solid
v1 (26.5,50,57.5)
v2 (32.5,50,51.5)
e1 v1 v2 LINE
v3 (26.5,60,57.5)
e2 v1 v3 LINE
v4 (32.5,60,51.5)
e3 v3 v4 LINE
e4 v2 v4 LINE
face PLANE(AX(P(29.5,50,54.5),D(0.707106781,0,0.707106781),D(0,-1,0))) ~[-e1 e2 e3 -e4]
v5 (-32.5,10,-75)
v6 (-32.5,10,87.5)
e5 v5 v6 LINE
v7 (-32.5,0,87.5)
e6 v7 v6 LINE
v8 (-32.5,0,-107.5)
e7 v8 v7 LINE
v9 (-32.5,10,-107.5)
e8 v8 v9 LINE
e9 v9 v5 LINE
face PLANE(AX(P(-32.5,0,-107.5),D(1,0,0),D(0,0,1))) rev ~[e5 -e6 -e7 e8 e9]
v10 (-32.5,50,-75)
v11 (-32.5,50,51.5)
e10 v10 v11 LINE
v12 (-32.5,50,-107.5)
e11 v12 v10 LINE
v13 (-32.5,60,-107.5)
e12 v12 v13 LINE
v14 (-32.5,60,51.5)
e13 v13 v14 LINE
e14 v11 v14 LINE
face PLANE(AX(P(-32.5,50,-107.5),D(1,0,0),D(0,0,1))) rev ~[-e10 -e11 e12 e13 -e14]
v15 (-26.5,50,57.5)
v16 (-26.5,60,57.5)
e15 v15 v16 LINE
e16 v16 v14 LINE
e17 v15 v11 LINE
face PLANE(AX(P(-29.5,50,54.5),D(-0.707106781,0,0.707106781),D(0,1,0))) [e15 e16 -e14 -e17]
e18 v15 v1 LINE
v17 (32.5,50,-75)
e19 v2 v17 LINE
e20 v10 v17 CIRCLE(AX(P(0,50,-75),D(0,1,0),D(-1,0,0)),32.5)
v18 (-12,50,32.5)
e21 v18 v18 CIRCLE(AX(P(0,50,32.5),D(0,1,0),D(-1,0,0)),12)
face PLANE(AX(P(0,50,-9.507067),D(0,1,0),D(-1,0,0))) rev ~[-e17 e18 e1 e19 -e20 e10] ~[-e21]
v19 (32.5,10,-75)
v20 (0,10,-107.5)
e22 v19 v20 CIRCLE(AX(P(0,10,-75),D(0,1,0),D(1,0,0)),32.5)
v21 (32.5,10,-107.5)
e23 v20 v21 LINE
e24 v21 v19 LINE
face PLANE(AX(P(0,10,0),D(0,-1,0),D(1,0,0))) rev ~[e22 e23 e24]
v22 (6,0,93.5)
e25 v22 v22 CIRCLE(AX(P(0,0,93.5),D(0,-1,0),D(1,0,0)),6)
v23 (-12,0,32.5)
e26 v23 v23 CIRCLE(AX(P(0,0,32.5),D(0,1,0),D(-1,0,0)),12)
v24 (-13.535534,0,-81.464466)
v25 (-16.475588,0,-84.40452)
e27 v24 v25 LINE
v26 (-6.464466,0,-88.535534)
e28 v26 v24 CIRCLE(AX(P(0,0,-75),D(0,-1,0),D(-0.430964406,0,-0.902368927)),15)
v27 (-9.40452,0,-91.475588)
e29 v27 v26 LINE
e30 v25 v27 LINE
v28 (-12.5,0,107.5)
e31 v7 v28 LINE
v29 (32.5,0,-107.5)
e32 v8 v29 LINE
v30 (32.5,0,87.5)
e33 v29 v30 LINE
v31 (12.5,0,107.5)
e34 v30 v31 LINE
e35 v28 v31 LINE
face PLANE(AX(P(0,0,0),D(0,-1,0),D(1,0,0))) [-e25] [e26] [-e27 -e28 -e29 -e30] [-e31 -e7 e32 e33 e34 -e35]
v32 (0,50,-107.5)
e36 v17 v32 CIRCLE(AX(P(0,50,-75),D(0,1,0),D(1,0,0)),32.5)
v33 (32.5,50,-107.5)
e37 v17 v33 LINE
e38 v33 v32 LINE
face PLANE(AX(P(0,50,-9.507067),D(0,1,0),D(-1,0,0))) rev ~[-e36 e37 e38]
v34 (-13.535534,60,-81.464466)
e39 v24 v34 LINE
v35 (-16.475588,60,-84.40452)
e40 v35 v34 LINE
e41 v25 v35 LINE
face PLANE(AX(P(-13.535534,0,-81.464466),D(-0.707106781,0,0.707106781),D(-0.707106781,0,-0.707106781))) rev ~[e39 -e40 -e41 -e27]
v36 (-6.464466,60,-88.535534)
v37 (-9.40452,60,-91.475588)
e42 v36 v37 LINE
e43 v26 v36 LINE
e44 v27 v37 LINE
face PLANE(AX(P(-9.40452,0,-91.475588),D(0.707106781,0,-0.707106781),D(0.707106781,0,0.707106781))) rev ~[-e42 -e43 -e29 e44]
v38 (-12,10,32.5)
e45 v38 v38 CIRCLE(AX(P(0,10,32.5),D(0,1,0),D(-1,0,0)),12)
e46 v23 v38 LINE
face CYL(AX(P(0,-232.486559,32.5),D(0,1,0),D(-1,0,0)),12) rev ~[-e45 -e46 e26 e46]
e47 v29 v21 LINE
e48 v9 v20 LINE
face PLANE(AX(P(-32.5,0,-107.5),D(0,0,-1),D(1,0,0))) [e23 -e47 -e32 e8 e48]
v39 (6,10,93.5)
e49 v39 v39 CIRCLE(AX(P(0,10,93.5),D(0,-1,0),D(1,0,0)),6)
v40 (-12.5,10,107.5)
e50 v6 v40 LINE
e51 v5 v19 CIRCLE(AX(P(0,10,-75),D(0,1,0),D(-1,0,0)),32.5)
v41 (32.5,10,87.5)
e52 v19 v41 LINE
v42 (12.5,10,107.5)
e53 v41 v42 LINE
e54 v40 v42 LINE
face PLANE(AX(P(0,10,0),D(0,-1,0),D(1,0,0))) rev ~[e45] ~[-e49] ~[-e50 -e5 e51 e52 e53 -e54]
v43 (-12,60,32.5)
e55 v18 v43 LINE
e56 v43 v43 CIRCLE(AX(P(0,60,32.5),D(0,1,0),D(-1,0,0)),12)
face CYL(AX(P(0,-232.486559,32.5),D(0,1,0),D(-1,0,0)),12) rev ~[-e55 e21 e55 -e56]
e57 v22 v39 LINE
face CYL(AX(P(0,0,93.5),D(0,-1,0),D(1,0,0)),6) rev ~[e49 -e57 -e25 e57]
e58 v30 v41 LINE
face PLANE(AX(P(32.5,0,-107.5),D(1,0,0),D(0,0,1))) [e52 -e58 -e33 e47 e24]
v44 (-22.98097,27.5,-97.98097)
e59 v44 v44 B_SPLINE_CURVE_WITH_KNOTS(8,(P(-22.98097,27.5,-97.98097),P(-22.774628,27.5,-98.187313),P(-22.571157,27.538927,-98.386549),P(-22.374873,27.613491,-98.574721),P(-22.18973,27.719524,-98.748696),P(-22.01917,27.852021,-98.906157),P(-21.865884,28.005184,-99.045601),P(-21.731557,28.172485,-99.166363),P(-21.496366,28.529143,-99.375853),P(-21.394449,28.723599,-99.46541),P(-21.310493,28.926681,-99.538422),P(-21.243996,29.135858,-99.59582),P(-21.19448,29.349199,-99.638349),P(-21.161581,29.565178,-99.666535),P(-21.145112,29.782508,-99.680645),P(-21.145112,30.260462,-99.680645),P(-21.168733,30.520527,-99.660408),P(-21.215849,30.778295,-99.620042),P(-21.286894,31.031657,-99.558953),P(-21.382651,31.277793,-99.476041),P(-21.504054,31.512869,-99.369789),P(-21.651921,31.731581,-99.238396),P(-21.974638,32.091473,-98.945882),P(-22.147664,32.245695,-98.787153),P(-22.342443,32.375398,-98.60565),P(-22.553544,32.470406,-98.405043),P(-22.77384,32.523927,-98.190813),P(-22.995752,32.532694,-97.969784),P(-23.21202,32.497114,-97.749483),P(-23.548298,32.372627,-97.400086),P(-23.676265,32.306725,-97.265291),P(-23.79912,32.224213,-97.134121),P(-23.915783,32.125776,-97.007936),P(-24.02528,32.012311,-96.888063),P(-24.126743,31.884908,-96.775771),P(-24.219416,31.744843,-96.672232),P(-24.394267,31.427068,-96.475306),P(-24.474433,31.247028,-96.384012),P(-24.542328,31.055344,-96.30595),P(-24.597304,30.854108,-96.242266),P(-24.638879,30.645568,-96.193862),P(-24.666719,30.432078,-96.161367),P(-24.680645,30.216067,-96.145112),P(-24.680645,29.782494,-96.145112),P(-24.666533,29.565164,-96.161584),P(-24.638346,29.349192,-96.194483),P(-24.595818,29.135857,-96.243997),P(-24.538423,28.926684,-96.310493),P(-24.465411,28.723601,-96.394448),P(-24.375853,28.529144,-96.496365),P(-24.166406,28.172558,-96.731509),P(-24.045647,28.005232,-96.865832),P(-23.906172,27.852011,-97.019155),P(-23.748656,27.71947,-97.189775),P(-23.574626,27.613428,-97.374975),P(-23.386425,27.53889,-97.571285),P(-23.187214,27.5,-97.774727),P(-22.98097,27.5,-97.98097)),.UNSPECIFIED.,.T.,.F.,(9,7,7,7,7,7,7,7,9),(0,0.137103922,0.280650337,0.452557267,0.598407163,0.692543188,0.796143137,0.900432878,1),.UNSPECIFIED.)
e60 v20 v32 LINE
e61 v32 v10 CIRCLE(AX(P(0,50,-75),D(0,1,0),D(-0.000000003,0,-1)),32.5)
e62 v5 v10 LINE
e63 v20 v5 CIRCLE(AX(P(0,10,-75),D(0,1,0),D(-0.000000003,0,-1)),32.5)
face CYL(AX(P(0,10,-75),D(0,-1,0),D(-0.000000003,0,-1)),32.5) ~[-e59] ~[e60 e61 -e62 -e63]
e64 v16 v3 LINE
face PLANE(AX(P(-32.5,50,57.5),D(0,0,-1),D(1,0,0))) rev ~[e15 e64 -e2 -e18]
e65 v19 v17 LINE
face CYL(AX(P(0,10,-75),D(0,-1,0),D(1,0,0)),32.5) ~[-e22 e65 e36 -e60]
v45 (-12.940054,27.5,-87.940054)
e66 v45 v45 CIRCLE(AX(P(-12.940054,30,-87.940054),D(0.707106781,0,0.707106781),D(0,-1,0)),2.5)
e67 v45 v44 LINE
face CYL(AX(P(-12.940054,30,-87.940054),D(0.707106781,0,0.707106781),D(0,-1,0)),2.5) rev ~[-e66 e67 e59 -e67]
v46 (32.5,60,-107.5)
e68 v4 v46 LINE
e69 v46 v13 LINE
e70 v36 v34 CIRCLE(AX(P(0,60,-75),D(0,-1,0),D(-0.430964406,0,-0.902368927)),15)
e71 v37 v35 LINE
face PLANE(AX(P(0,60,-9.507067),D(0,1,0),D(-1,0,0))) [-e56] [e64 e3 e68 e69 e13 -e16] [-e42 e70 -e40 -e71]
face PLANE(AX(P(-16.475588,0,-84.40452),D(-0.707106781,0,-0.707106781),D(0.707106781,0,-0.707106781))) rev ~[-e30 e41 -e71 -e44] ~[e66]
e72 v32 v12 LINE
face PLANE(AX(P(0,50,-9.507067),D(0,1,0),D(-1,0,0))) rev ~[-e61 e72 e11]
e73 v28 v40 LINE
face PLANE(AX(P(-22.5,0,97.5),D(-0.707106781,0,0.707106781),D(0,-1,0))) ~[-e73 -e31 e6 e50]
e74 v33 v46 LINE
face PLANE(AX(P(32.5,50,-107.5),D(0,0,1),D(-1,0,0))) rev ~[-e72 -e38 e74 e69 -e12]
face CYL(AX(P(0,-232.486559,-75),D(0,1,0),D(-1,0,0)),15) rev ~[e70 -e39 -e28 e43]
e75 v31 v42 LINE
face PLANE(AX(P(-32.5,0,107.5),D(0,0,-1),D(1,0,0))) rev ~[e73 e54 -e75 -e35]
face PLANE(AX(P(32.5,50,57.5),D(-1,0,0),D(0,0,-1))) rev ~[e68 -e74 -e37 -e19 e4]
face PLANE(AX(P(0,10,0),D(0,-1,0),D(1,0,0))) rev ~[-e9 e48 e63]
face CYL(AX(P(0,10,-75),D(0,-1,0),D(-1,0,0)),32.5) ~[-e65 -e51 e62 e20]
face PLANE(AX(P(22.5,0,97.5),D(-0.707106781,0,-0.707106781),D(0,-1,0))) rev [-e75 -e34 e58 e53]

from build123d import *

# Parameters (mm, degrees)
F0_W      = 65
F0_H      = 215
F1_DEPTH  = 10
F2_SIZE   = 20
F4_DEPTH  = 40
F6_DEPTH  = 10
F7_SIZE   = 6
F9_D      = 30
F10_D     = 24
F12_DEPTH = 60.001
F13_R     = 6
F14_DEPTH = 10
F17_D     = 5
F17_DEPTH = 27.6629407771


with BuildPart() as f1:
    # F0 (on Front) → F1 (new body)
    with BuildSketch(Plane.XZ):
        Rectangle(F0_W, F0_H)
    extrude(amount=-F1_DEPTH)

    # F2
    f2_edges = [f1.edges().sort_by_distance(p)[0] for p in [
        (-32.5, 5, 107.5),
        (32.5, 5, 107.5),
    ]]
    chamfer(f2_edges, length=F2_SIZE)

    # F3 (on face) → F4 (join)
    with BuildSketch(Plane(origin=(0, 10, 0), x_dir=(-1, 0, 0), z_dir=(0, 1, 0))):
        with BuildLine():
            ThreePointArc((8.49e-08, -107.5), (22.9809704186, -97.9809703586), (32.5, -75))
            ThreePointArc((32.5, -75), (0, -42.5), (-32.5, -75))
            ThreePointArc((-32.5, -75), (-22.9809703586, -97.9809704186), (8.49e-08, -107.5))
        make_face()
    extrude(amount=F4_DEPTH)

    # F5 (on face) → F6 (join)
    with BuildSketch(Plane(origin=(0, 50, 0), x_dir=(-1, 0, 0), z_dir=(0, 1, 0))):
        with BuildLine():
            ThreePointArc((-32.5, -75), (0, -42.5), (32.5, -75))
            Line((32.5, -75), (32.5, 57.5))
            Line((32.5, 57.5), (-32.5, 57.5))
            Line((-32.5, 57.5), (-32.5, -75))
        make_face()
        with BuildLine():
            ThreePointArc((-32.5, -75), (-22.9809704241, -97.980970353), (-1.006e-07, -107.5))
            ThreePointArc((-1.006e-07, -107.5), (22.980970353, -97.9809704241), (32.5, -75))
            ThreePointArc((32.5, -75), (0, -42.5), (-32.5, -75))
        make_face()
        with BuildLine():
            Line((-32.5, -107.5), (-1.006e-07, -107.5))
            ThreePointArc((-1.006e-07, -107.5), (-22.9809704241, -97.980970353), (-32.5, -75))
            Line((-32.5, -75), (-32.5, -107.5))
        make_face()
        with BuildLine():
            Line((-1.006e-07, -107.5), (32.5, -107.5))
            Line((32.5, -107.5), (32.5, -75))
            ThreePointArc((32.5, -75), (22.980970353, -97.9809704241), (-1.006e-07, -107.5))
        make_face()
    extrude(amount=F6_DEPTH)

    # F7
    f7_edges = [f1.edges().sort_by_distance(p)[0] for p in [
        (32.5, 55, 57.5),
        (-32.5, 55, 57.5),
    ]]
    chamfer(f7_edges, length=F7_SIZE)

    # F9 (through all)
    with Locations(Plane.XZ):
        with Locations((0, -75)):
            Hole(F9_D / 2)

    # F10 (through all)
    with Locations(Plane.XZ):
        with Locations((0, 32.5)):
            Hole(F10_D / 2)

    # F11 (on face) → F12 (cut, through all)
    with BuildSketch(Plane.XZ):
        with BuildLine():
            ThreePointArc((-6.4644660941, -88.5355339059), (-10.6066017178, -85.6066017178), (-13.5355339059, -81.4644660941))
            Line((-13.5355339059, -81.4644660941), (-16.4755880016, -84.4045201898))
            Line((-16.4755880016, -84.4045201898), (-9.4045201898, -91.4755880016))
            Line((-9.4045201898, -91.4755880016), (-6.4644660941, -88.5355339059))
        make_face()
    extrude(amount=-F12_DEPTH, mode=Mode.SUBTRACT)

    # F13 (on face) → F14 (cut, through all)
    with BuildSketch(Plane.XZ):
        with Locations((0, 93.5)):
            Circle(F13_R)
    extrude(amount=-F14_DEPTH, mode=Mode.SUBTRACT)

    # F17 (through all, one way)
    with BuildSketch(Plane(origin=(-50.4400540957, 0, -50.4400540957), x_dir=(0, -1, 0), z_dir=(0.7071067812, 0, 0.7071067812))):
        with Locations((-30, 53.033008589)):
            Circle(F17_D / 2)
    extrude(amount=-F17_DEPTH, mode=Mode.SUBTRACT)


solid = f1.part
